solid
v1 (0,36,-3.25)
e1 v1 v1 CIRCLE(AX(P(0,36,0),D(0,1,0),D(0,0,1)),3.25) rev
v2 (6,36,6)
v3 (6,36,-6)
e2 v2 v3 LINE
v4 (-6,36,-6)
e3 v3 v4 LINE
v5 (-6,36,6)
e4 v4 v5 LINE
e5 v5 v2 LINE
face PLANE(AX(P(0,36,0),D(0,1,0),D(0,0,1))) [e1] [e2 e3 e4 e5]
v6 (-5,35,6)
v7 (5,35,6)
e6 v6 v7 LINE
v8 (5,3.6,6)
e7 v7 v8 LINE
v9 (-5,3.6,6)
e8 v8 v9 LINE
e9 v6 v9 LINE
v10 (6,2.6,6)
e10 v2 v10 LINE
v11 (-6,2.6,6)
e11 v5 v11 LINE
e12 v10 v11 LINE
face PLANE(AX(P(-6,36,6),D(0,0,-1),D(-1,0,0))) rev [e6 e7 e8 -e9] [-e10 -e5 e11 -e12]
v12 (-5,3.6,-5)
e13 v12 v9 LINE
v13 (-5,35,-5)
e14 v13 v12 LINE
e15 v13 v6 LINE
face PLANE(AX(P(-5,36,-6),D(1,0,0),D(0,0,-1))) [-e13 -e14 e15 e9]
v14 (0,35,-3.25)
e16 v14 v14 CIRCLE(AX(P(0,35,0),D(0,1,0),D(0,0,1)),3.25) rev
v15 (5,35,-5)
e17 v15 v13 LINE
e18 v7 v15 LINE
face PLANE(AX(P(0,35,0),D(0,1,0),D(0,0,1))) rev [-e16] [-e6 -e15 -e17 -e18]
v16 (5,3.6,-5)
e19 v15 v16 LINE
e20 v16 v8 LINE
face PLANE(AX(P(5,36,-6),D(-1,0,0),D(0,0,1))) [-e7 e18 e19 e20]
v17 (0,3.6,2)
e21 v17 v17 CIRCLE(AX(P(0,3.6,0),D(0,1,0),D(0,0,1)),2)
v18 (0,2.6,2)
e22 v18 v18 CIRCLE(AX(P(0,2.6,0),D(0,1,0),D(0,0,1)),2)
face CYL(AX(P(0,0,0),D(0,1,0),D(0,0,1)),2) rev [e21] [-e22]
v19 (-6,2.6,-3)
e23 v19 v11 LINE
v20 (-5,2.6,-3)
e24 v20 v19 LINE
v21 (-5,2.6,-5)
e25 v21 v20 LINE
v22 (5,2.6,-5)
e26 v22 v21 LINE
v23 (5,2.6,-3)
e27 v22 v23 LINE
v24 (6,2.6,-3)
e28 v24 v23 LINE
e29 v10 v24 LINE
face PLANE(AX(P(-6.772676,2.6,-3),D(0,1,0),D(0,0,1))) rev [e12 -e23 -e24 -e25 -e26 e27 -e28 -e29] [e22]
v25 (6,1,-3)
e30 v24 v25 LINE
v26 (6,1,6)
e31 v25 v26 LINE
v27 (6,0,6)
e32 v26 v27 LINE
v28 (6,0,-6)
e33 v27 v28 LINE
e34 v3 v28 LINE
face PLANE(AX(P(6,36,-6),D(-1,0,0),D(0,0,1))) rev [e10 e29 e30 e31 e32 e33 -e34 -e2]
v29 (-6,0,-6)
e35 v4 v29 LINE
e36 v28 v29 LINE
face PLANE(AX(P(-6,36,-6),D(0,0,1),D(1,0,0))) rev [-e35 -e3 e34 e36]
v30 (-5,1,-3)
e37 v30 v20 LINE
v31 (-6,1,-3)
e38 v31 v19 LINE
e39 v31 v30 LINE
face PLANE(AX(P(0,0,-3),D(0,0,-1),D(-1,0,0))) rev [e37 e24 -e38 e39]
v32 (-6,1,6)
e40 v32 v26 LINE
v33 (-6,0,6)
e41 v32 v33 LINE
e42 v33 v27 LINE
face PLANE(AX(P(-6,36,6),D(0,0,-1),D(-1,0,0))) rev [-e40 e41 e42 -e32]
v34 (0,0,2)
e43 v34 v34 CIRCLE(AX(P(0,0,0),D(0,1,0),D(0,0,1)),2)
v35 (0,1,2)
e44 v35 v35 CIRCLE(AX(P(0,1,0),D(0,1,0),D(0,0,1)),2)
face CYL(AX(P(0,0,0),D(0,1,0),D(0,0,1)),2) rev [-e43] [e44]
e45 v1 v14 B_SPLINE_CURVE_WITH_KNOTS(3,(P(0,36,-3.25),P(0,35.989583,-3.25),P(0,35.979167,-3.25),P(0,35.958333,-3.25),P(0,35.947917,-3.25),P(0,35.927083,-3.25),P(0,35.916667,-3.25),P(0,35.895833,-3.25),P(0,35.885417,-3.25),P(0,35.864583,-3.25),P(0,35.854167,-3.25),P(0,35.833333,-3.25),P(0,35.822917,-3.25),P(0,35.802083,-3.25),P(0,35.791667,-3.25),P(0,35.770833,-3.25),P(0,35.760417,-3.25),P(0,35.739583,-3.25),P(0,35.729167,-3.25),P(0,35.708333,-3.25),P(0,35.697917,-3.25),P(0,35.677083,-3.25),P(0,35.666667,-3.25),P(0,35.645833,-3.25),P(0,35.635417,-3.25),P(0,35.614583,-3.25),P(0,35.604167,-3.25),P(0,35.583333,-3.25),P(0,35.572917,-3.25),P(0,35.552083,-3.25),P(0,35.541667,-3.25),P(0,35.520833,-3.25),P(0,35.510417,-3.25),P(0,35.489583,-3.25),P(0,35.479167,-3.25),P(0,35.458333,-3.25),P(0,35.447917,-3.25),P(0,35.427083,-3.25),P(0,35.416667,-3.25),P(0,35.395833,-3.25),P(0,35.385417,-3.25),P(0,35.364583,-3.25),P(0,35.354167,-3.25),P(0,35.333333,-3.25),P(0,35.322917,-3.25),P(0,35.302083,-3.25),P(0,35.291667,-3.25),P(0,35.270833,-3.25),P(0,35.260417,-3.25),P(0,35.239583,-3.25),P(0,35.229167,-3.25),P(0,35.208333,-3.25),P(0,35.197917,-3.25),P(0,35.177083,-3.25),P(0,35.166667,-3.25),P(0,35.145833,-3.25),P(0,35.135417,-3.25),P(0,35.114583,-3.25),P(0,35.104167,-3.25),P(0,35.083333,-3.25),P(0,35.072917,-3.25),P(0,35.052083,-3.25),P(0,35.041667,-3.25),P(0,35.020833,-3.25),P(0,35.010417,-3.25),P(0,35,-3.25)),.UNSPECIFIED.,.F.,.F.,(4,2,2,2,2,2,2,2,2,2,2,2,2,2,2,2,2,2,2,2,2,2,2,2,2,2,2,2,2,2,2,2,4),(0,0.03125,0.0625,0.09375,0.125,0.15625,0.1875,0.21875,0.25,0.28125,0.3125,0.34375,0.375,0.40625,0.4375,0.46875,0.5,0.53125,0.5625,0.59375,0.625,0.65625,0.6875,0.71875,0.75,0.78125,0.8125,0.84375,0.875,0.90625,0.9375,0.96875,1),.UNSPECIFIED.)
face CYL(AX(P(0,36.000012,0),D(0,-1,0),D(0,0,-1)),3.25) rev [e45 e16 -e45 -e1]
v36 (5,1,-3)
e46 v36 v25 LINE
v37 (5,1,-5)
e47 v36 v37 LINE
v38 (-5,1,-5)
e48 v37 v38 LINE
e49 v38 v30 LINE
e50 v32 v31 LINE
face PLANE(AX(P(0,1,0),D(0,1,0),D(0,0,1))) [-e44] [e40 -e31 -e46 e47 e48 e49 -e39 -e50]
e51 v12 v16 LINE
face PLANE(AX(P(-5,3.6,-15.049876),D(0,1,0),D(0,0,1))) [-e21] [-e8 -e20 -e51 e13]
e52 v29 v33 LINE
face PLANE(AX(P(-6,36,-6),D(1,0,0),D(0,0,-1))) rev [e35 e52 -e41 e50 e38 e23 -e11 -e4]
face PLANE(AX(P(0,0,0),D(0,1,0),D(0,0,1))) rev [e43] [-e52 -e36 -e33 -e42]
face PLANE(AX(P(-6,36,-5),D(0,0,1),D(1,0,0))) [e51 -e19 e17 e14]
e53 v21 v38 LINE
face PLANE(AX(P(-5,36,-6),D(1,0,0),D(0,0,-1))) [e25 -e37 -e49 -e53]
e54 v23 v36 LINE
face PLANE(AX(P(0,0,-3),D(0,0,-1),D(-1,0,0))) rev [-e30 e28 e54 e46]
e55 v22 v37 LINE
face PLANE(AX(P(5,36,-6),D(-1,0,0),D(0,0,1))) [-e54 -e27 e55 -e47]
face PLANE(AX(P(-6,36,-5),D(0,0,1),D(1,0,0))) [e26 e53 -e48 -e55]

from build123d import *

# Parameters (mm, degrees)
CROQUIS1_W                 = 12
CROQUIS1_H                 = 12
SALIENTE_EXTRUIR1_DEPTH    = 36
VACIADO1_T                 = -1
CORTAR_EXTRUIR1_DEPTH      = 37.986484018
CORTAR_EXTRUIR1_DEPTH_BACK = 3
CROQUIS2_R                 = 3.25
CROQUIS3_W                 = 13.652855543
CROQUIS3_H                 = 1.6
CORTAR_EXTRUIR2_DEPTH      = 9
CROQUIS4_W                 = 10
CROQUIS4_H                 = 1
SALIENTE_EXTRUIR2_DEPTH    = 11
CROQUIS5_R                 = 2
CORTAR_EXTRUIR3_DEPTH      = 37.986484018


with BuildPart() as part:
    # Croquis1 → Saliente-Extruir1 (new body)
    with BuildSketch(Plane(origin=(0, 0, 0), x_dir=(1, 0, 0), z_dir=(0, 1, 0))):
        Rectangle(CROQUIS1_W, CROQUIS1_H)
    extrude(amount=SALIENTE_EXTRUIR1_DEPTH)

    # Vaciado1
    vaciado1_openings = [part.faces().sort_by_distance(p)[0] for p in [
        (0, 18, 6),
    ]]
    offset(amount=VACIADO1_T, openings=vaciado1_openings, kind=Kind.INTERSECTION)

    # Croquis2 → Cortar-Extruir1 (cut, two sides: drawn at the far end of the back side and taken through both)
    with BuildSketch(Plane(origin=(0, 36, 0), x_dir=(1, 0, 0), z_dir=(0, 1, 0)).offset(-CORTAR_EXTRUIR1_DEPTH_BACK)):
        with Locations(Location((0, 0, 0), (0, 0, 90))):
            Circle(CROQUIS2_R)
    extrude(amount=CORTAR_EXTRUIR1_DEPTH + CORTAR_EXTRUIR1_DEPTH_BACK, mode=Mode.SUBTRACT)

    # Croquis3 → Cortar-Extruir2 (cut)
    with BuildSketch(Plane.XY.offset(6)):
        with Locations((0.0537514, 1.8)):
            Rectangle(CROQUIS3_W, CROQUIS3_H)
    extrude(amount=-CORTAR_EXTRUIR2_DEPTH, mode=Mode.SUBTRACT)

    # Croquis4 → Saliente-Extruir2 (add)
    with BuildSketch(Plane.XY.offset(6)):
        with Locations((0, 3.1)):
            Rectangle(CROQUIS4_W, CROQUIS4_H)
    extrude(amount=-SALIENTE_EXTRUIR2_DEPTH)

    # Croquis5 → Cortar-Extruir3 (cut, through all)
    with BuildSketch(Plane(origin=(0, 36, 0), x_dir=(1, 0, 0), z_dir=(0, 1, 0))):
        with Locations(Location((0, 0, 0), (0, 0, 270))):
            Circle(CROQUIS5_R)
    extrude(amount=-CORTAR_EXTRUIR3_DEPTH, mode=Mode.SUBTRACT)


solid = part.part
